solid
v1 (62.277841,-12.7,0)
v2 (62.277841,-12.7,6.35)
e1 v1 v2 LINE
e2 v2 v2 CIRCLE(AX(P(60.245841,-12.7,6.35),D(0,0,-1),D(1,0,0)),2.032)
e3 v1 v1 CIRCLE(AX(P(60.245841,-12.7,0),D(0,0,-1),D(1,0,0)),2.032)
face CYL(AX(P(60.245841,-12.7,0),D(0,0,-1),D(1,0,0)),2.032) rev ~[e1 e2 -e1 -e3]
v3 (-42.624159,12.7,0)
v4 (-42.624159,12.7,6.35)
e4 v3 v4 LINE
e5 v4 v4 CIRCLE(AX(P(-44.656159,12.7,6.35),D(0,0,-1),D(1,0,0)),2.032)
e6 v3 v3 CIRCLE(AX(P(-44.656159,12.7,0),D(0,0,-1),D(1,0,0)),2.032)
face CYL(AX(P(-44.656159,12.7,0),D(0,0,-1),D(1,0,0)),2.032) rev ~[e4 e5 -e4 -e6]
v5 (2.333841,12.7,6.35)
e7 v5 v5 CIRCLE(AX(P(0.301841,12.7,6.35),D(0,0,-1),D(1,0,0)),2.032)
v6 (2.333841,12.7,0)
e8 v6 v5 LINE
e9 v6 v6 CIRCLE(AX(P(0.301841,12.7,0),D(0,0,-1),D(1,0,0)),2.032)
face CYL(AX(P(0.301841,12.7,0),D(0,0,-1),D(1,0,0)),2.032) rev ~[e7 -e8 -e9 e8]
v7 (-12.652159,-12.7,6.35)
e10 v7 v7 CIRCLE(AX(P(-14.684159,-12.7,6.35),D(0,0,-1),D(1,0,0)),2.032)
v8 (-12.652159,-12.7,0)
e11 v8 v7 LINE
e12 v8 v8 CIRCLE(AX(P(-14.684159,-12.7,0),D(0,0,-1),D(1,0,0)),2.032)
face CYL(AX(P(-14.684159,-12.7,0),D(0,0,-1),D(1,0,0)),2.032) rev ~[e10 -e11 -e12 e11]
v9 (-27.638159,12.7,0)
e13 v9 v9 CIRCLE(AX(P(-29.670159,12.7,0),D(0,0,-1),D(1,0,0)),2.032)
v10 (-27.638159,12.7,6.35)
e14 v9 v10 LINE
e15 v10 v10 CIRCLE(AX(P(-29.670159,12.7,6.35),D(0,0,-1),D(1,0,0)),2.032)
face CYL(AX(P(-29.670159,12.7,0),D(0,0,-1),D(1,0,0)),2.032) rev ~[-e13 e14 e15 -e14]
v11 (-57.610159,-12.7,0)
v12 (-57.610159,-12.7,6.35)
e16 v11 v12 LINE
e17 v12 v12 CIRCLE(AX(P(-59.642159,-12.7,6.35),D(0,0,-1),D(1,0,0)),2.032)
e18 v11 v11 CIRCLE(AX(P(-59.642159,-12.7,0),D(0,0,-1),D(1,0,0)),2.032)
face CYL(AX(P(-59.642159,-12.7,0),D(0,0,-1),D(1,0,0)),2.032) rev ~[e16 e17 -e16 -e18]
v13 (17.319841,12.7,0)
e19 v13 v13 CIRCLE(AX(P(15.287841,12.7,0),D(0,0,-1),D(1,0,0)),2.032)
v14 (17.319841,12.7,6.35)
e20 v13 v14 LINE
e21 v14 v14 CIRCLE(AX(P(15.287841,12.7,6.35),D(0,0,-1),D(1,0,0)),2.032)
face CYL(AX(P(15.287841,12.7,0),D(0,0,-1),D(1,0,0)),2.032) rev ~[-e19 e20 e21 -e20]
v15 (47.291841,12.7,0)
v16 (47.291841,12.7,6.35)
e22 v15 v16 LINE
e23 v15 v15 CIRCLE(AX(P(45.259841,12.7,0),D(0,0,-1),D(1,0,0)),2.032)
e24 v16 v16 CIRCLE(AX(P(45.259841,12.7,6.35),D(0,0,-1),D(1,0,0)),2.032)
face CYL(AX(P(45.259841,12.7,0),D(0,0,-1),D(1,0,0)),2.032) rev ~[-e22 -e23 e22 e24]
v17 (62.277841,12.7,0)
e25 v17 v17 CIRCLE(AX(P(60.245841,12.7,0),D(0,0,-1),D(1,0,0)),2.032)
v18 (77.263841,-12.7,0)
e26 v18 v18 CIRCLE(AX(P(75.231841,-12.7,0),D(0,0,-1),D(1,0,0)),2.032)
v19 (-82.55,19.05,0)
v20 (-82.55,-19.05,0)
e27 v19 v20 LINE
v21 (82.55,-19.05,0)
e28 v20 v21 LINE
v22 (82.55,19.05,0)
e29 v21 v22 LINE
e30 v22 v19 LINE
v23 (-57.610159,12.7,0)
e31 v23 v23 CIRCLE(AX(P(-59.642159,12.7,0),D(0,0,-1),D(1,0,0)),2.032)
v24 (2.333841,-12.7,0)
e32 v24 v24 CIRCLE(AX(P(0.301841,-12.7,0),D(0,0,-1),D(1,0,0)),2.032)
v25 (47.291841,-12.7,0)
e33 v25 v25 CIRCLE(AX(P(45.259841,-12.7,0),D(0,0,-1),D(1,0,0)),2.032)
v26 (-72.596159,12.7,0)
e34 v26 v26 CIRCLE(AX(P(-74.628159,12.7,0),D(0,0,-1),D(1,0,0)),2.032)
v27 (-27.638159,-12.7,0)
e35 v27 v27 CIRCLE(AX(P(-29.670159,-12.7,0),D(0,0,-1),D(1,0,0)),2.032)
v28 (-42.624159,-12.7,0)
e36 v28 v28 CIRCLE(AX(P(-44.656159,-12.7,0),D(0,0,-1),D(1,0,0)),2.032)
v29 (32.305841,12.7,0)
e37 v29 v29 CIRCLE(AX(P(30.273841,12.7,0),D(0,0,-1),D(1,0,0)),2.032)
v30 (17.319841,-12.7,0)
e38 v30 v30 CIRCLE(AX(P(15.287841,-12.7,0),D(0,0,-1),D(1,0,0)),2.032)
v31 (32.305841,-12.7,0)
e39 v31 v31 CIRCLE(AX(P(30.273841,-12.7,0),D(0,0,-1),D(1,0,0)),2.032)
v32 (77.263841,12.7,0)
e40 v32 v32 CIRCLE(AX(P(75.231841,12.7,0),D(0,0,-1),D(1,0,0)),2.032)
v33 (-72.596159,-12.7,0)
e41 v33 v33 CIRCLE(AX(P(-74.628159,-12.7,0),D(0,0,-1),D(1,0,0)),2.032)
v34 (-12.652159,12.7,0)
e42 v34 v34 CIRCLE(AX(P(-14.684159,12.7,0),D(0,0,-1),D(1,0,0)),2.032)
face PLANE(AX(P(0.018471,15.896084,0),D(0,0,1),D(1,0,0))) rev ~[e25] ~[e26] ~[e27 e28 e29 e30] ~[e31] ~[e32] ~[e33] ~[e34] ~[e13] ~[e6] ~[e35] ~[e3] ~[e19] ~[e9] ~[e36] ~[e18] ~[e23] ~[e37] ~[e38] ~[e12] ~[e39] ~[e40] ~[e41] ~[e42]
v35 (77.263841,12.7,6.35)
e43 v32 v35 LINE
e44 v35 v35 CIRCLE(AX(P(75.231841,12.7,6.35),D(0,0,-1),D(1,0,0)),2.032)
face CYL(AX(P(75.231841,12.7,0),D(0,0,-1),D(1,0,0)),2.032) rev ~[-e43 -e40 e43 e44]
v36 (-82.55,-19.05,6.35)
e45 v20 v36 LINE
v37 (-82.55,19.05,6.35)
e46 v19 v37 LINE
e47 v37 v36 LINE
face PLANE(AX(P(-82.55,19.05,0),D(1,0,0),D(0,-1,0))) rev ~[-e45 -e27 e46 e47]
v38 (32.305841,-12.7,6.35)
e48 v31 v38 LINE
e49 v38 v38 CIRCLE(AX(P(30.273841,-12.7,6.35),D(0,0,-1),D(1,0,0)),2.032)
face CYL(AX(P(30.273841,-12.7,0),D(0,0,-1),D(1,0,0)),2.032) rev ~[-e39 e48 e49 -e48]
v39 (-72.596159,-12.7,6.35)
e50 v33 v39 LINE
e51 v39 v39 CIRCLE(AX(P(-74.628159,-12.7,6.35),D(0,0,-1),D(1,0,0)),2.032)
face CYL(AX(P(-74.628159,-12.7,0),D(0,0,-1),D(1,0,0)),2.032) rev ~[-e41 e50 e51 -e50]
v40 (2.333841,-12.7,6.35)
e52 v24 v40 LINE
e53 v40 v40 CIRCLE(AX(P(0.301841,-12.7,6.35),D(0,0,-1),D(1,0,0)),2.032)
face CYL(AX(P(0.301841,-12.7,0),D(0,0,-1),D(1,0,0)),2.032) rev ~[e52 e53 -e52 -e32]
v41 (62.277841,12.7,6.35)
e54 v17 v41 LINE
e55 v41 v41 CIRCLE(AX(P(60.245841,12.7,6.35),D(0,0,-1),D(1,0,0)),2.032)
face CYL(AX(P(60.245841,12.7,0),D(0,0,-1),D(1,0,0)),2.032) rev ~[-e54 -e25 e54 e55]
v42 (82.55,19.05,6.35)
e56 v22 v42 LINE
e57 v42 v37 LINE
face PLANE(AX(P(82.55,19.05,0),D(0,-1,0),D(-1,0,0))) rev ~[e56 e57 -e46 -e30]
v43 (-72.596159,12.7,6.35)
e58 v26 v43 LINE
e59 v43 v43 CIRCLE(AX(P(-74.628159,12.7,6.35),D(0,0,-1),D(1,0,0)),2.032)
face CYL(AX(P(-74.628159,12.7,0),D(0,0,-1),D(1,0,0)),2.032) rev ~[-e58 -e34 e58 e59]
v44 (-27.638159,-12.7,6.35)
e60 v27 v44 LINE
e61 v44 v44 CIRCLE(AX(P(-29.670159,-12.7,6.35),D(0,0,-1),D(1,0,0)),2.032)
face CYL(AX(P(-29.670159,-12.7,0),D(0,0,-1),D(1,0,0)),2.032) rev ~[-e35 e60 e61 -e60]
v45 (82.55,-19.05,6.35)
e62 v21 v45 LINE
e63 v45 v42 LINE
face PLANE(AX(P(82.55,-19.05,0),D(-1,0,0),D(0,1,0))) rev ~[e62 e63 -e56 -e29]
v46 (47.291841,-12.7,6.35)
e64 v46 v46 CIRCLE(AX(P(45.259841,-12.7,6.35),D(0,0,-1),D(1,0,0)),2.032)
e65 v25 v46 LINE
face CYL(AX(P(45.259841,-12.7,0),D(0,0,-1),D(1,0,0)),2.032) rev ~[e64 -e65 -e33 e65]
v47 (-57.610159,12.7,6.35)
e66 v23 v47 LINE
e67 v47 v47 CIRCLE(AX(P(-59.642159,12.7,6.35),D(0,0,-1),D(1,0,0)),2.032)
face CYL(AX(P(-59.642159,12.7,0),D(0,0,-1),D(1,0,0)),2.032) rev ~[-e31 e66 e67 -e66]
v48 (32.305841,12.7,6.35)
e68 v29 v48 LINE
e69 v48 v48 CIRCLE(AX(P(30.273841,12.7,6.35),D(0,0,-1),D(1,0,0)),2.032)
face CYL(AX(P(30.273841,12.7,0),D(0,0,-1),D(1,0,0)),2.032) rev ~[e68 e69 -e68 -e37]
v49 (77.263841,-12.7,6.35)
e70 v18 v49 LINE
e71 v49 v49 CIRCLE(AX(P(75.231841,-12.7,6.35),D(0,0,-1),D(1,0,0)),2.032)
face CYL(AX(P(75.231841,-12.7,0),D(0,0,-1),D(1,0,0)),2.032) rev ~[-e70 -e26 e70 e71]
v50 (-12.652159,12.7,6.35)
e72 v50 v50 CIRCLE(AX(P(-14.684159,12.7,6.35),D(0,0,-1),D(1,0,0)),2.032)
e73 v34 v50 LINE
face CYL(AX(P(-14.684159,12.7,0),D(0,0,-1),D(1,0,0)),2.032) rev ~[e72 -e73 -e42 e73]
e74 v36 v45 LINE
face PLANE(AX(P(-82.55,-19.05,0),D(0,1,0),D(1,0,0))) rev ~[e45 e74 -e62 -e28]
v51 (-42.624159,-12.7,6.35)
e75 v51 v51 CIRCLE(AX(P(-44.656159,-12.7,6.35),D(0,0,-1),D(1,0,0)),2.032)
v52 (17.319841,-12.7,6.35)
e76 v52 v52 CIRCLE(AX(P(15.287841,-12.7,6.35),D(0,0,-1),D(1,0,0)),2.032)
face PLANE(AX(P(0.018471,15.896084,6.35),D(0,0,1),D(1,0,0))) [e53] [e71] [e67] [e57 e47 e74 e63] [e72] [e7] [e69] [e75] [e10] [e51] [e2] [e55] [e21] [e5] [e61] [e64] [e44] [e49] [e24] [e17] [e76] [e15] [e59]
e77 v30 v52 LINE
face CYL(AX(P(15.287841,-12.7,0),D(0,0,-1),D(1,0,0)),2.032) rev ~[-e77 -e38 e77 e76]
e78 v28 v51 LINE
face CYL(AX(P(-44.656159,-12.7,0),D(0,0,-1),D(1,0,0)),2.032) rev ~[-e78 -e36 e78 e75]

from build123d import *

# Parameters (mm, degrees)
F1_DEPTH = 6.35


with BuildPart() as f1:
    # F0 (on Top) → F1 (new body)
    with BuildSketch(Plane.XY):
        with BuildLine():
            Line((82.55, 12.7), (82.55, 19.05))
            Line((82.55, 19.05), (-82.55, 19.05))
            Line((-82.55, 19.05), (-82.55, 12.7))
            Line((-82.55, 12.7), (-76.660159, 12.7))
            ThreePointArc((-76.660159, 12.7), (-74.628159, 14.732), (-72.596159, 12.7))
            Line((-72.596159, 12.7), (-61.674159, 12.7))
            ThreePointArc((-61.674159, 12.7), (-59.642159, 14.732), (-57.610159, 12.7))
            Line((-57.610159, 12.7), (-46.688159, 12.7))
            ThreePointArc((-46.688159, 12.7), (-44.656159, 14.732), (-42.624159, 12.7))
            Line((-42.624159, 12.7), (-31.702159, 12.7))
            ThreePointArc((-31.702159, 12.7), (-29.670159, 14.732), (-27.638159, 12.7))
            Line((-27.638159, 12.7), (-16.716159, 12.7))
            ThreePointArc((-16.716159, 12.7), (-14.684159, 14.732), (-12.652159, 12.7))
            Line((-12.652159, 12.7), (-1.730159, 12.7))
            ThreePointArc((-1.730159, 12.7), (0.301841, 14.732), (2.333841, 12.7))
            Line((2.333841, 12.7), (13.255841, 12.7))
            ThreePointArc((13.255841, 12.7), (15.287841, 14.732), (17.319841, 12.7))
            Line((17.319841, 12.7), (28.241841, 12.7))
            ThreePointArc((28.241841, 12.7), (30.273841, 14.732), (32.305841, 12.7))
            Line((32.305841, 12.7), (43.227841, 12.7))
            ThreePointArc((43.227841, 12.7), (45.259841, 14.732), (47.291841, 12.7))
            Line((47.291841, 12.7), (58.213841, 12.7))
            ThreePointArc((58.213841, 12.7), (60.245841, 14.732), (62.277841, 12.7))
            Line((62.277841, 12.7), (73.199841, 12.7))
            ThreePointArc((73.199841, 12.7), (75.231841, 14.732), (77.263841, 12.7))
            Line((77.263841, 12.7), (82.55, 12.7))
        make_face()
        with BuildLine():
            Line((82.55, -12.7), (82.55, 12.7))
            Line((82.55, 12.7), (77.263841, 12.7))
            ThreePointArc((77.263841, 12.7), (75.231841, 10.668), (73.199841, 12.7))
            Line((73.199841, 12.7), (62.277841, 12.7))
            ThreePointArc((62.277841, 12.7), (60.245841, 10.668), (58.213841, 12.7))
            Line((58.213841, 12.7), (47.291841, 12.7))
            ThreePointArc((47.291841, 12.7), (45.259841, 10.668), (43.227841, 12.7))
            Line((43.227841, 12.7), (32.305841, 12.7))
            ThreePointArc((32.305841, 12.7), (30.273841, 10.668), (28.241841, 12.7))
            Line((28.241841, 12.7), (17.319841, 12.7))
            ThreePointArc((17.319841, 12.7), (15.287841, 10.668), (13.255841, 12.7))
            Line((13.255841, 12.7), (2.333841, 12.7))
            ThreePointArc((2.333841, 12.7), (0.301841, 10.668), (-1.730159, 12.7))
            Line((-1.730159, 12.7), (-12.652159, 12.7))
            ThreePointArc((-12.652159, 12.7), (-14.684159, 10.668), (-16.716159, 12.7))
            Line((-16.716159, 12.7), (-27.638159, 12.7))
            ThreePointArc((-27.638159, 12.7), (-29.670159, 10.668), (-31.702159, 12.7))
            Line((-31.702159, 12.7), (-42.624159, 12.7))
            ThreePointArc((-42.624159, 12.7), (-44.656159, 10.668), (-46.688159, 12.7))
            Line((-46.688159, 12.7), (-57.610159, 12.7))
            ThreePointArc((-57.610159, 12.7), (-59.642159, 10.668), (-61.674159, 12.7))
            Line((-61.674159, 12.7), (-72.596159, 12.7))
            ThreePointArc((-72.596159, 12.7), (-74.628159, 10.668), (-76.660159, 12.7))
            Line((-76.660159, 12.7), (-82.55, 12.7))
            Line((-82.55, 12.7), (-82.55, -12.7))
            Line((-82.55, -12.7), (-76.660159, -12.7))
            ThreePointArc((-76.660159, -12.7), (-74.628159, -10.668), (-72.596159, -12.7))
            Line((-72.596159, -12.7), (-61.674159, -12.7))
            ThreePointArc((-61.674159, -12.7), (-59.642159, -10.668), (-57.610159, -12.7))
            Line((-57.610159, -12.7), (-46.688159, -12.7))
            ThreePointArc((-46.688159, -12.7), (-44.656159, -10.668), (-42.624159, -12.7))
            Line((-42.624159, -12.7), (-31.702159, -12.7))
            ThreePointArc((-31.702159, -12.7), (-29.670159, -10.668), (-27.638159, -12.7))
            Line((-27.638159, -12.7), (-16.716159, -12.7))
            ThreePointArc((-16.716159, -12.7), (-14.684159, -10.668), (-12.652159, -12.7))
            Line((-12.652159, -12.7), (-1.730159, -12.7))
            ThreePointArc((-1.730159, -12.7), (0.301841, -10.668), (2.333841, -12.7))
            Line((2.333841, -12.7), (13.255841, -12.7))
            ThreePointArc((13.255841, -12.7), (15.287841, -10.668), (17.319841, -12.7))
            Line((17.319841, -12.7), (28.241841, -12.7))
            ThreePointArc((28.241841, -12.7), (30.273841, -10.668), (32.305841, -12.7))
            Line((32.305841, -12.7), (43.227841, -12.7))
            ThreePointArc((43.227841, -12.7), (45.259841, -10.668), (47.291841, -12.7))
            Line((47.291841, -12.7), (58.213841, -12.7))
            ThreePointArc((58.213841, -12.7), (60.245841, -10.668), (62.277841, -12.7))
            Line((62.277841, -12.7), (73.199841, -12.7))
            ThreePointArc((73.199841, -12.7), (75.231841, -10.668), (77.263841, -12.7))
            Line((77.263841, -12.7), (82.55, -12.7))
        make_face()
        with BuildLine():
            Line((82.55, -19.05), (82.55, -12.7))
            Line((82.55, -12.7), (77.263841, -12.7))
            ThreePointArc((77.263841, -12.7), (75.231841, -14.732), (73.199841, -12.7))
            Line((73.199841, -12.7), (62.277841, -12.7))
            ThreePointArc((62.277841, -12.7), (60.245841, -14.732), (58.213841, -12.7))
            Line((58.213841, -12.7), (47.291841, -12.7))
            ThreePointArc((47.291841, -12.7), (45.259841, -14.732), (43.227841, -12.7))
            Line((43.227841, -12.7), (32.305841, -12.7))
            ThreePointArc((32.305841, -12.7), (30.273841, -14.732), (28.241841, -12.7))
            Line((28.241841, -12.7), (17.319841, -12.7))
            ThreePointArc((17.319841, -12.7), (15.287841, -14.732), (13.255841, -12.7))
            Line((13.255841, -12.7), (2.333841, -12.7))
            ThreePointArc((2.333841, -12.7), (0.301841, -14.732), (-1.730159, -12.7))
            Line((-1.730159, -12.7), (-12.652159, -12.7))
            ThreePointArc((-12.652159, -12.7), (-14.684159, -14.732), (-16.716159, -12.7))
            Line((-16.716159, -12.7), (-27.638159, -12.7))
            ThreePointArc((-27.638159, -12.7), (-29.670159, -14.732), (-31.702159, -12.7))
            Line((-31.702159, -12.7), (-42.624159, -12.7))
            ThreePointArc((-42.624159, -12.7), (-44.656159, -14.732), (-46.688159, -12.7))
            Line((-46.688159, -12.7), (-57.610159, -12.7))
            ThreePointArc((-57.610159, -12.7), (-59.642159, -14.732), (-61.674159, -12.7))
            Line((-61.674159, -12.7), (-72.596159, -12.7))
            ThreePointArc((-72.596159, -12.7), (-74.628159, -14.732), (-76.660159, -12.7))
            Line((-76.660159, -12.7), (-82.55, -12.7))
            Line((-82.55, -12.7), (-82.55, -19.05))
            Line((-82.55, -19.05), (82.55, -19.05))
        make_face()
    extrude(amount=F1_DEPTH)


solid = f1.part
